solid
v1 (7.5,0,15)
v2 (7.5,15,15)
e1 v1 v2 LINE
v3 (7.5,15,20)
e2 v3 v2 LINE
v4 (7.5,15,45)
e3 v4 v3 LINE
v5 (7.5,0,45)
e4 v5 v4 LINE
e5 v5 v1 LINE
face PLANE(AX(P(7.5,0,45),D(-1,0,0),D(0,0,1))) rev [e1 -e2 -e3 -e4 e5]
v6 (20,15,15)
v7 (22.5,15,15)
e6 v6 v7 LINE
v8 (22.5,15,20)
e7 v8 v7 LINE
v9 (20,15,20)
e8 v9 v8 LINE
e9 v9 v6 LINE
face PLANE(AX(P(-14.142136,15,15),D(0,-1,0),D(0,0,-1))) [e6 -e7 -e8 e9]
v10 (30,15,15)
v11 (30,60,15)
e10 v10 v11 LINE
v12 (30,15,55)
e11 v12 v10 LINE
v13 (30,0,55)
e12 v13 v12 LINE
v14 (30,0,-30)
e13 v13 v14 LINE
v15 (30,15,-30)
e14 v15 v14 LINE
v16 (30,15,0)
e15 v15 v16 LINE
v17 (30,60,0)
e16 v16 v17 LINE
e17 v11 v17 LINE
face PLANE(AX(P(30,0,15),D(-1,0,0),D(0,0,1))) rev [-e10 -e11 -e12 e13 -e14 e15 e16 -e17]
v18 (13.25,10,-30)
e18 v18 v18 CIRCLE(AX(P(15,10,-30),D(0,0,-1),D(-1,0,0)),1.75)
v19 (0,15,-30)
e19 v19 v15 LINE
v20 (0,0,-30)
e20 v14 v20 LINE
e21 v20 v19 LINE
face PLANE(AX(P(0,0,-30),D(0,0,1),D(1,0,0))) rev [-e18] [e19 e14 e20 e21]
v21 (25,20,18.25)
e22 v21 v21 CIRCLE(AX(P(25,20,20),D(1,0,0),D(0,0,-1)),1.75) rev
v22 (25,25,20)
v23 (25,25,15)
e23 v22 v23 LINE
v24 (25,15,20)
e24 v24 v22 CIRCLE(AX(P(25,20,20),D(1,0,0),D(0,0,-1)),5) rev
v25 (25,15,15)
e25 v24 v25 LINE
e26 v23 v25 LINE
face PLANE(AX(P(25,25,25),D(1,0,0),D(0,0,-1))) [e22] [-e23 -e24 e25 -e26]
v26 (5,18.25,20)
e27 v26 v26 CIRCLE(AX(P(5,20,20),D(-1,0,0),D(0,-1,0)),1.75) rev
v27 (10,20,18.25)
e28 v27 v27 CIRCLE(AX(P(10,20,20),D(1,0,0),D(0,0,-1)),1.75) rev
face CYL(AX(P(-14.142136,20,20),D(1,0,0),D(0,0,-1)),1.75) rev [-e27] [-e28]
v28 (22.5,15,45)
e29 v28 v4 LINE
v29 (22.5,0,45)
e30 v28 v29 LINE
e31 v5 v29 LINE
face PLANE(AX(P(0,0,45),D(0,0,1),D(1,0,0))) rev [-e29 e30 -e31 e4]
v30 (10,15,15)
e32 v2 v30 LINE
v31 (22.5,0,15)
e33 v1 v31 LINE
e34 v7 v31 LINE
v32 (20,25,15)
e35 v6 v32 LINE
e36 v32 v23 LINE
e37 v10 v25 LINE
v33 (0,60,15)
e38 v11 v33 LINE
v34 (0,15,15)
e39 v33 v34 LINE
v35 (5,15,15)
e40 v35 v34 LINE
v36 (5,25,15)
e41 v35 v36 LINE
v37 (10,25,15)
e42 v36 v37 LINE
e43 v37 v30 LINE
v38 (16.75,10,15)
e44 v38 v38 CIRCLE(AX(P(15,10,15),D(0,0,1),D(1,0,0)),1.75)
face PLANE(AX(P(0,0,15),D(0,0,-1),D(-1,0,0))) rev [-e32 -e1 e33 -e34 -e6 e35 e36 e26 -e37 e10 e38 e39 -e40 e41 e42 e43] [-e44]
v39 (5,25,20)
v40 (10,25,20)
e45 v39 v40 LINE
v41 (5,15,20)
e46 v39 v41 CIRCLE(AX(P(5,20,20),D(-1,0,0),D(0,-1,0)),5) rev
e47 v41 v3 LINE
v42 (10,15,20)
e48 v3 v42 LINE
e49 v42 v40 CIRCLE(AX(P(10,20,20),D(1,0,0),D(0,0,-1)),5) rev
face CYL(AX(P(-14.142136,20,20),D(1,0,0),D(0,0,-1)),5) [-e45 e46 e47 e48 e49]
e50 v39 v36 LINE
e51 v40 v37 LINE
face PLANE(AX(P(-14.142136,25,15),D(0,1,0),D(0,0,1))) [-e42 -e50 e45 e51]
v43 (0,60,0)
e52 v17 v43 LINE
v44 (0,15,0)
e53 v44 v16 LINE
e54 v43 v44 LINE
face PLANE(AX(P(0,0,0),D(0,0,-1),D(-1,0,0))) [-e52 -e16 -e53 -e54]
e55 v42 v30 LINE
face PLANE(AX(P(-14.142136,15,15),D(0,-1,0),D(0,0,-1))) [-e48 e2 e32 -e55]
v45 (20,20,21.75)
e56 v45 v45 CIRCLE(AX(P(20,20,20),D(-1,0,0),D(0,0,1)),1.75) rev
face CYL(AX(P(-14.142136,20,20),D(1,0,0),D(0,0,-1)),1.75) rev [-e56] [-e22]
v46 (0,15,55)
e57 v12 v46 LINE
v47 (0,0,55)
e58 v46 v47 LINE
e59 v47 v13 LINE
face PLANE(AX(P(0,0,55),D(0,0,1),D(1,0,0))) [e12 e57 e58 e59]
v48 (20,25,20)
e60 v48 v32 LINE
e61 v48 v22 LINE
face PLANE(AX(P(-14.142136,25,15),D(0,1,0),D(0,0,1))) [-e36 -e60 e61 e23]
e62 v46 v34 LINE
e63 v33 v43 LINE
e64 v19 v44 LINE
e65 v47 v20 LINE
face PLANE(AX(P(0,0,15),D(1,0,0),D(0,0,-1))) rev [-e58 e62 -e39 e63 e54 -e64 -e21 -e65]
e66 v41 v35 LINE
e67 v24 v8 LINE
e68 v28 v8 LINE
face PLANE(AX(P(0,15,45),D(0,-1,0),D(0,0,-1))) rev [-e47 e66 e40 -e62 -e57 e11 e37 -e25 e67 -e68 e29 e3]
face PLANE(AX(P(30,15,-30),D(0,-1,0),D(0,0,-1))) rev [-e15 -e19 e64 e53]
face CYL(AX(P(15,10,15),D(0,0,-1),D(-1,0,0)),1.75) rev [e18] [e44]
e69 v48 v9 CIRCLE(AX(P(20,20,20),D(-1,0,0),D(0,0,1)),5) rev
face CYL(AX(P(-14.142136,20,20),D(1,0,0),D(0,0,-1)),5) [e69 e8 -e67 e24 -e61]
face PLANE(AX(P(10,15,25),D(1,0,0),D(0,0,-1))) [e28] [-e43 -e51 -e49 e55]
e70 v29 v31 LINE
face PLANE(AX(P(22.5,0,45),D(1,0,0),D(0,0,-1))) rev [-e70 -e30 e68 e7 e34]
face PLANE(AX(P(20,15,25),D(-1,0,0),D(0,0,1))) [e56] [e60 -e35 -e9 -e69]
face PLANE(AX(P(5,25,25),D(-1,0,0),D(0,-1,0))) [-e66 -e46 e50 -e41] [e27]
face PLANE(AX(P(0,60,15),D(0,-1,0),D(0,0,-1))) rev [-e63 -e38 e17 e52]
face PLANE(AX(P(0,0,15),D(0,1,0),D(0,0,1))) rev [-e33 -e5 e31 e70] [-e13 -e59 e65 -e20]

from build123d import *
from build123d.topology import SkipClean

# Parameters (mm, degrees)
SKETCH1_W           = 30
SKETCH1_H           = 60
SKETCH1_R           = 1.75
BOSS_EXTRUDE1_DEPTH = 15
SKETCH4_R           = 1.75
BOSS_EXTRUDE3_DEPTH = 30
SKETCH5_W           = 5
SKETCH5_H           = 10
SKETCH5_W_2         = 10
CUT_EXTRUDE1_DEPTH  = 69.738635424
SKETCH6_W           = 7.5
SKETCH6_H           = 15
BOSS_EXTRUDE4_DEPTH = 30
SKETCH7_W           = 30
SKETCH7_H           = 15
BOSS_EXTRUDE5_DEPTH = 10
BOSS_EXTRUDE6_START = 30
SKETCH8_W           = 30
SKETCH8_H           = 15
SKETCH8_R           = 1.75
BOSS_EXTRUDE6_DEPTH = 30


with BuildPart() as part:
    # Sketch1 → Boss-Extrude1 (new body)
    with BuildSketch(Plane.XY):
        with Locations((15, 30)):
            Rectangle(SKETCH1_W, SKETCH1_H)
        with Locations((15, 10)):
            Circle(SKETCH1_R, mode=Mode.SUBTRACT)
    extrude(amount=BOSS_EXTRUDE1_DEPTH)

    # Sketch4 → Boss-Extrude3 (add)
    with BuildSketch(Plane(origin=(30, 0, 0), x_dir=(0, 0, -1), z_dir=(1, 0, 0))):
        with BuildLine():
            Line((-15, 15), (-20, 15))
            ThreePointArc((-20, 15), (-25, 20), (-20, 25))
            Line((-20, 25), (-15, 25))
            Line((-15, 25), (-15, 15))
        make_face()
        with Locations((-20, 20)):
            Circle(SKETCH4_R, mode=Mode.SUBTRACT)
    extrude(amount=-BOSS_EXTRUDE3_DEPTH)

    # Sketch5 → Cut-Extrude1 (cut, through all)
    with BuildSketch(Plane.XY.offset(15)):
        with Locations((2.5, 20)):
            Rectangle(SKETCH5_W, SKETCH5_H)
        with Locations((15, 20)):
            Rectangle(SKETCH5_W_2, SKETCH5_H)
        with Locations((27.5, 20)):
            Rectangle(SKETCH5_W, SKETCH5_H)
    extrude(amount=CUT_EXTRUDE1_DEPTH, mode=Mode.SUBTRACT)

    # Sketch6 → Boss-Extrude4 (add)
    with BuildSketch(Plane.XY.offset(15)):
        with Locations((3.75, 7.5)):
            Rectangle(SKETCH6_W, SKETCH6_H)
        with Locations((26.25, 7.5)):
            Rectangle(SKETCH6_W, SKETCH6_H)
    extrude(amount=BOSS_EXTRUDE4_DEPTH)

    # Sketch7 → Boss-Extrude5 (add)
    with BuildSketch(Plane.XY.offset(45)):
        with Locations((15, 7.5)):
            Rectangle(SKETCH7_W, SKETCH7_H)
    extrude(amount=BOSS_EXTRUDE5_DEPTH)

    # Sketch8 → Boss-Extrude6 (add)
    with SkipClean():  # the faces are left unmerged after this step: merging them gives an invalid solid
        with BuildSketch(Plane(origin=(0, 0, 0), x_dir=(-1, 0, 0), z_dir=(0, 0, -1)).offset(BOSS_EXTRUDE6_START)):
            with Locations((-15, 7.5)):
                Rectangle(SKETCH8_W, SKETCH8_H)
            with Locations((-15, 10)):
                Circle(SKETCH8_R, mode=Mode.SUBTRACT)
        extrude(amount=-BOSS_EXTRUDE6_DEPTH)


solid = part.part
